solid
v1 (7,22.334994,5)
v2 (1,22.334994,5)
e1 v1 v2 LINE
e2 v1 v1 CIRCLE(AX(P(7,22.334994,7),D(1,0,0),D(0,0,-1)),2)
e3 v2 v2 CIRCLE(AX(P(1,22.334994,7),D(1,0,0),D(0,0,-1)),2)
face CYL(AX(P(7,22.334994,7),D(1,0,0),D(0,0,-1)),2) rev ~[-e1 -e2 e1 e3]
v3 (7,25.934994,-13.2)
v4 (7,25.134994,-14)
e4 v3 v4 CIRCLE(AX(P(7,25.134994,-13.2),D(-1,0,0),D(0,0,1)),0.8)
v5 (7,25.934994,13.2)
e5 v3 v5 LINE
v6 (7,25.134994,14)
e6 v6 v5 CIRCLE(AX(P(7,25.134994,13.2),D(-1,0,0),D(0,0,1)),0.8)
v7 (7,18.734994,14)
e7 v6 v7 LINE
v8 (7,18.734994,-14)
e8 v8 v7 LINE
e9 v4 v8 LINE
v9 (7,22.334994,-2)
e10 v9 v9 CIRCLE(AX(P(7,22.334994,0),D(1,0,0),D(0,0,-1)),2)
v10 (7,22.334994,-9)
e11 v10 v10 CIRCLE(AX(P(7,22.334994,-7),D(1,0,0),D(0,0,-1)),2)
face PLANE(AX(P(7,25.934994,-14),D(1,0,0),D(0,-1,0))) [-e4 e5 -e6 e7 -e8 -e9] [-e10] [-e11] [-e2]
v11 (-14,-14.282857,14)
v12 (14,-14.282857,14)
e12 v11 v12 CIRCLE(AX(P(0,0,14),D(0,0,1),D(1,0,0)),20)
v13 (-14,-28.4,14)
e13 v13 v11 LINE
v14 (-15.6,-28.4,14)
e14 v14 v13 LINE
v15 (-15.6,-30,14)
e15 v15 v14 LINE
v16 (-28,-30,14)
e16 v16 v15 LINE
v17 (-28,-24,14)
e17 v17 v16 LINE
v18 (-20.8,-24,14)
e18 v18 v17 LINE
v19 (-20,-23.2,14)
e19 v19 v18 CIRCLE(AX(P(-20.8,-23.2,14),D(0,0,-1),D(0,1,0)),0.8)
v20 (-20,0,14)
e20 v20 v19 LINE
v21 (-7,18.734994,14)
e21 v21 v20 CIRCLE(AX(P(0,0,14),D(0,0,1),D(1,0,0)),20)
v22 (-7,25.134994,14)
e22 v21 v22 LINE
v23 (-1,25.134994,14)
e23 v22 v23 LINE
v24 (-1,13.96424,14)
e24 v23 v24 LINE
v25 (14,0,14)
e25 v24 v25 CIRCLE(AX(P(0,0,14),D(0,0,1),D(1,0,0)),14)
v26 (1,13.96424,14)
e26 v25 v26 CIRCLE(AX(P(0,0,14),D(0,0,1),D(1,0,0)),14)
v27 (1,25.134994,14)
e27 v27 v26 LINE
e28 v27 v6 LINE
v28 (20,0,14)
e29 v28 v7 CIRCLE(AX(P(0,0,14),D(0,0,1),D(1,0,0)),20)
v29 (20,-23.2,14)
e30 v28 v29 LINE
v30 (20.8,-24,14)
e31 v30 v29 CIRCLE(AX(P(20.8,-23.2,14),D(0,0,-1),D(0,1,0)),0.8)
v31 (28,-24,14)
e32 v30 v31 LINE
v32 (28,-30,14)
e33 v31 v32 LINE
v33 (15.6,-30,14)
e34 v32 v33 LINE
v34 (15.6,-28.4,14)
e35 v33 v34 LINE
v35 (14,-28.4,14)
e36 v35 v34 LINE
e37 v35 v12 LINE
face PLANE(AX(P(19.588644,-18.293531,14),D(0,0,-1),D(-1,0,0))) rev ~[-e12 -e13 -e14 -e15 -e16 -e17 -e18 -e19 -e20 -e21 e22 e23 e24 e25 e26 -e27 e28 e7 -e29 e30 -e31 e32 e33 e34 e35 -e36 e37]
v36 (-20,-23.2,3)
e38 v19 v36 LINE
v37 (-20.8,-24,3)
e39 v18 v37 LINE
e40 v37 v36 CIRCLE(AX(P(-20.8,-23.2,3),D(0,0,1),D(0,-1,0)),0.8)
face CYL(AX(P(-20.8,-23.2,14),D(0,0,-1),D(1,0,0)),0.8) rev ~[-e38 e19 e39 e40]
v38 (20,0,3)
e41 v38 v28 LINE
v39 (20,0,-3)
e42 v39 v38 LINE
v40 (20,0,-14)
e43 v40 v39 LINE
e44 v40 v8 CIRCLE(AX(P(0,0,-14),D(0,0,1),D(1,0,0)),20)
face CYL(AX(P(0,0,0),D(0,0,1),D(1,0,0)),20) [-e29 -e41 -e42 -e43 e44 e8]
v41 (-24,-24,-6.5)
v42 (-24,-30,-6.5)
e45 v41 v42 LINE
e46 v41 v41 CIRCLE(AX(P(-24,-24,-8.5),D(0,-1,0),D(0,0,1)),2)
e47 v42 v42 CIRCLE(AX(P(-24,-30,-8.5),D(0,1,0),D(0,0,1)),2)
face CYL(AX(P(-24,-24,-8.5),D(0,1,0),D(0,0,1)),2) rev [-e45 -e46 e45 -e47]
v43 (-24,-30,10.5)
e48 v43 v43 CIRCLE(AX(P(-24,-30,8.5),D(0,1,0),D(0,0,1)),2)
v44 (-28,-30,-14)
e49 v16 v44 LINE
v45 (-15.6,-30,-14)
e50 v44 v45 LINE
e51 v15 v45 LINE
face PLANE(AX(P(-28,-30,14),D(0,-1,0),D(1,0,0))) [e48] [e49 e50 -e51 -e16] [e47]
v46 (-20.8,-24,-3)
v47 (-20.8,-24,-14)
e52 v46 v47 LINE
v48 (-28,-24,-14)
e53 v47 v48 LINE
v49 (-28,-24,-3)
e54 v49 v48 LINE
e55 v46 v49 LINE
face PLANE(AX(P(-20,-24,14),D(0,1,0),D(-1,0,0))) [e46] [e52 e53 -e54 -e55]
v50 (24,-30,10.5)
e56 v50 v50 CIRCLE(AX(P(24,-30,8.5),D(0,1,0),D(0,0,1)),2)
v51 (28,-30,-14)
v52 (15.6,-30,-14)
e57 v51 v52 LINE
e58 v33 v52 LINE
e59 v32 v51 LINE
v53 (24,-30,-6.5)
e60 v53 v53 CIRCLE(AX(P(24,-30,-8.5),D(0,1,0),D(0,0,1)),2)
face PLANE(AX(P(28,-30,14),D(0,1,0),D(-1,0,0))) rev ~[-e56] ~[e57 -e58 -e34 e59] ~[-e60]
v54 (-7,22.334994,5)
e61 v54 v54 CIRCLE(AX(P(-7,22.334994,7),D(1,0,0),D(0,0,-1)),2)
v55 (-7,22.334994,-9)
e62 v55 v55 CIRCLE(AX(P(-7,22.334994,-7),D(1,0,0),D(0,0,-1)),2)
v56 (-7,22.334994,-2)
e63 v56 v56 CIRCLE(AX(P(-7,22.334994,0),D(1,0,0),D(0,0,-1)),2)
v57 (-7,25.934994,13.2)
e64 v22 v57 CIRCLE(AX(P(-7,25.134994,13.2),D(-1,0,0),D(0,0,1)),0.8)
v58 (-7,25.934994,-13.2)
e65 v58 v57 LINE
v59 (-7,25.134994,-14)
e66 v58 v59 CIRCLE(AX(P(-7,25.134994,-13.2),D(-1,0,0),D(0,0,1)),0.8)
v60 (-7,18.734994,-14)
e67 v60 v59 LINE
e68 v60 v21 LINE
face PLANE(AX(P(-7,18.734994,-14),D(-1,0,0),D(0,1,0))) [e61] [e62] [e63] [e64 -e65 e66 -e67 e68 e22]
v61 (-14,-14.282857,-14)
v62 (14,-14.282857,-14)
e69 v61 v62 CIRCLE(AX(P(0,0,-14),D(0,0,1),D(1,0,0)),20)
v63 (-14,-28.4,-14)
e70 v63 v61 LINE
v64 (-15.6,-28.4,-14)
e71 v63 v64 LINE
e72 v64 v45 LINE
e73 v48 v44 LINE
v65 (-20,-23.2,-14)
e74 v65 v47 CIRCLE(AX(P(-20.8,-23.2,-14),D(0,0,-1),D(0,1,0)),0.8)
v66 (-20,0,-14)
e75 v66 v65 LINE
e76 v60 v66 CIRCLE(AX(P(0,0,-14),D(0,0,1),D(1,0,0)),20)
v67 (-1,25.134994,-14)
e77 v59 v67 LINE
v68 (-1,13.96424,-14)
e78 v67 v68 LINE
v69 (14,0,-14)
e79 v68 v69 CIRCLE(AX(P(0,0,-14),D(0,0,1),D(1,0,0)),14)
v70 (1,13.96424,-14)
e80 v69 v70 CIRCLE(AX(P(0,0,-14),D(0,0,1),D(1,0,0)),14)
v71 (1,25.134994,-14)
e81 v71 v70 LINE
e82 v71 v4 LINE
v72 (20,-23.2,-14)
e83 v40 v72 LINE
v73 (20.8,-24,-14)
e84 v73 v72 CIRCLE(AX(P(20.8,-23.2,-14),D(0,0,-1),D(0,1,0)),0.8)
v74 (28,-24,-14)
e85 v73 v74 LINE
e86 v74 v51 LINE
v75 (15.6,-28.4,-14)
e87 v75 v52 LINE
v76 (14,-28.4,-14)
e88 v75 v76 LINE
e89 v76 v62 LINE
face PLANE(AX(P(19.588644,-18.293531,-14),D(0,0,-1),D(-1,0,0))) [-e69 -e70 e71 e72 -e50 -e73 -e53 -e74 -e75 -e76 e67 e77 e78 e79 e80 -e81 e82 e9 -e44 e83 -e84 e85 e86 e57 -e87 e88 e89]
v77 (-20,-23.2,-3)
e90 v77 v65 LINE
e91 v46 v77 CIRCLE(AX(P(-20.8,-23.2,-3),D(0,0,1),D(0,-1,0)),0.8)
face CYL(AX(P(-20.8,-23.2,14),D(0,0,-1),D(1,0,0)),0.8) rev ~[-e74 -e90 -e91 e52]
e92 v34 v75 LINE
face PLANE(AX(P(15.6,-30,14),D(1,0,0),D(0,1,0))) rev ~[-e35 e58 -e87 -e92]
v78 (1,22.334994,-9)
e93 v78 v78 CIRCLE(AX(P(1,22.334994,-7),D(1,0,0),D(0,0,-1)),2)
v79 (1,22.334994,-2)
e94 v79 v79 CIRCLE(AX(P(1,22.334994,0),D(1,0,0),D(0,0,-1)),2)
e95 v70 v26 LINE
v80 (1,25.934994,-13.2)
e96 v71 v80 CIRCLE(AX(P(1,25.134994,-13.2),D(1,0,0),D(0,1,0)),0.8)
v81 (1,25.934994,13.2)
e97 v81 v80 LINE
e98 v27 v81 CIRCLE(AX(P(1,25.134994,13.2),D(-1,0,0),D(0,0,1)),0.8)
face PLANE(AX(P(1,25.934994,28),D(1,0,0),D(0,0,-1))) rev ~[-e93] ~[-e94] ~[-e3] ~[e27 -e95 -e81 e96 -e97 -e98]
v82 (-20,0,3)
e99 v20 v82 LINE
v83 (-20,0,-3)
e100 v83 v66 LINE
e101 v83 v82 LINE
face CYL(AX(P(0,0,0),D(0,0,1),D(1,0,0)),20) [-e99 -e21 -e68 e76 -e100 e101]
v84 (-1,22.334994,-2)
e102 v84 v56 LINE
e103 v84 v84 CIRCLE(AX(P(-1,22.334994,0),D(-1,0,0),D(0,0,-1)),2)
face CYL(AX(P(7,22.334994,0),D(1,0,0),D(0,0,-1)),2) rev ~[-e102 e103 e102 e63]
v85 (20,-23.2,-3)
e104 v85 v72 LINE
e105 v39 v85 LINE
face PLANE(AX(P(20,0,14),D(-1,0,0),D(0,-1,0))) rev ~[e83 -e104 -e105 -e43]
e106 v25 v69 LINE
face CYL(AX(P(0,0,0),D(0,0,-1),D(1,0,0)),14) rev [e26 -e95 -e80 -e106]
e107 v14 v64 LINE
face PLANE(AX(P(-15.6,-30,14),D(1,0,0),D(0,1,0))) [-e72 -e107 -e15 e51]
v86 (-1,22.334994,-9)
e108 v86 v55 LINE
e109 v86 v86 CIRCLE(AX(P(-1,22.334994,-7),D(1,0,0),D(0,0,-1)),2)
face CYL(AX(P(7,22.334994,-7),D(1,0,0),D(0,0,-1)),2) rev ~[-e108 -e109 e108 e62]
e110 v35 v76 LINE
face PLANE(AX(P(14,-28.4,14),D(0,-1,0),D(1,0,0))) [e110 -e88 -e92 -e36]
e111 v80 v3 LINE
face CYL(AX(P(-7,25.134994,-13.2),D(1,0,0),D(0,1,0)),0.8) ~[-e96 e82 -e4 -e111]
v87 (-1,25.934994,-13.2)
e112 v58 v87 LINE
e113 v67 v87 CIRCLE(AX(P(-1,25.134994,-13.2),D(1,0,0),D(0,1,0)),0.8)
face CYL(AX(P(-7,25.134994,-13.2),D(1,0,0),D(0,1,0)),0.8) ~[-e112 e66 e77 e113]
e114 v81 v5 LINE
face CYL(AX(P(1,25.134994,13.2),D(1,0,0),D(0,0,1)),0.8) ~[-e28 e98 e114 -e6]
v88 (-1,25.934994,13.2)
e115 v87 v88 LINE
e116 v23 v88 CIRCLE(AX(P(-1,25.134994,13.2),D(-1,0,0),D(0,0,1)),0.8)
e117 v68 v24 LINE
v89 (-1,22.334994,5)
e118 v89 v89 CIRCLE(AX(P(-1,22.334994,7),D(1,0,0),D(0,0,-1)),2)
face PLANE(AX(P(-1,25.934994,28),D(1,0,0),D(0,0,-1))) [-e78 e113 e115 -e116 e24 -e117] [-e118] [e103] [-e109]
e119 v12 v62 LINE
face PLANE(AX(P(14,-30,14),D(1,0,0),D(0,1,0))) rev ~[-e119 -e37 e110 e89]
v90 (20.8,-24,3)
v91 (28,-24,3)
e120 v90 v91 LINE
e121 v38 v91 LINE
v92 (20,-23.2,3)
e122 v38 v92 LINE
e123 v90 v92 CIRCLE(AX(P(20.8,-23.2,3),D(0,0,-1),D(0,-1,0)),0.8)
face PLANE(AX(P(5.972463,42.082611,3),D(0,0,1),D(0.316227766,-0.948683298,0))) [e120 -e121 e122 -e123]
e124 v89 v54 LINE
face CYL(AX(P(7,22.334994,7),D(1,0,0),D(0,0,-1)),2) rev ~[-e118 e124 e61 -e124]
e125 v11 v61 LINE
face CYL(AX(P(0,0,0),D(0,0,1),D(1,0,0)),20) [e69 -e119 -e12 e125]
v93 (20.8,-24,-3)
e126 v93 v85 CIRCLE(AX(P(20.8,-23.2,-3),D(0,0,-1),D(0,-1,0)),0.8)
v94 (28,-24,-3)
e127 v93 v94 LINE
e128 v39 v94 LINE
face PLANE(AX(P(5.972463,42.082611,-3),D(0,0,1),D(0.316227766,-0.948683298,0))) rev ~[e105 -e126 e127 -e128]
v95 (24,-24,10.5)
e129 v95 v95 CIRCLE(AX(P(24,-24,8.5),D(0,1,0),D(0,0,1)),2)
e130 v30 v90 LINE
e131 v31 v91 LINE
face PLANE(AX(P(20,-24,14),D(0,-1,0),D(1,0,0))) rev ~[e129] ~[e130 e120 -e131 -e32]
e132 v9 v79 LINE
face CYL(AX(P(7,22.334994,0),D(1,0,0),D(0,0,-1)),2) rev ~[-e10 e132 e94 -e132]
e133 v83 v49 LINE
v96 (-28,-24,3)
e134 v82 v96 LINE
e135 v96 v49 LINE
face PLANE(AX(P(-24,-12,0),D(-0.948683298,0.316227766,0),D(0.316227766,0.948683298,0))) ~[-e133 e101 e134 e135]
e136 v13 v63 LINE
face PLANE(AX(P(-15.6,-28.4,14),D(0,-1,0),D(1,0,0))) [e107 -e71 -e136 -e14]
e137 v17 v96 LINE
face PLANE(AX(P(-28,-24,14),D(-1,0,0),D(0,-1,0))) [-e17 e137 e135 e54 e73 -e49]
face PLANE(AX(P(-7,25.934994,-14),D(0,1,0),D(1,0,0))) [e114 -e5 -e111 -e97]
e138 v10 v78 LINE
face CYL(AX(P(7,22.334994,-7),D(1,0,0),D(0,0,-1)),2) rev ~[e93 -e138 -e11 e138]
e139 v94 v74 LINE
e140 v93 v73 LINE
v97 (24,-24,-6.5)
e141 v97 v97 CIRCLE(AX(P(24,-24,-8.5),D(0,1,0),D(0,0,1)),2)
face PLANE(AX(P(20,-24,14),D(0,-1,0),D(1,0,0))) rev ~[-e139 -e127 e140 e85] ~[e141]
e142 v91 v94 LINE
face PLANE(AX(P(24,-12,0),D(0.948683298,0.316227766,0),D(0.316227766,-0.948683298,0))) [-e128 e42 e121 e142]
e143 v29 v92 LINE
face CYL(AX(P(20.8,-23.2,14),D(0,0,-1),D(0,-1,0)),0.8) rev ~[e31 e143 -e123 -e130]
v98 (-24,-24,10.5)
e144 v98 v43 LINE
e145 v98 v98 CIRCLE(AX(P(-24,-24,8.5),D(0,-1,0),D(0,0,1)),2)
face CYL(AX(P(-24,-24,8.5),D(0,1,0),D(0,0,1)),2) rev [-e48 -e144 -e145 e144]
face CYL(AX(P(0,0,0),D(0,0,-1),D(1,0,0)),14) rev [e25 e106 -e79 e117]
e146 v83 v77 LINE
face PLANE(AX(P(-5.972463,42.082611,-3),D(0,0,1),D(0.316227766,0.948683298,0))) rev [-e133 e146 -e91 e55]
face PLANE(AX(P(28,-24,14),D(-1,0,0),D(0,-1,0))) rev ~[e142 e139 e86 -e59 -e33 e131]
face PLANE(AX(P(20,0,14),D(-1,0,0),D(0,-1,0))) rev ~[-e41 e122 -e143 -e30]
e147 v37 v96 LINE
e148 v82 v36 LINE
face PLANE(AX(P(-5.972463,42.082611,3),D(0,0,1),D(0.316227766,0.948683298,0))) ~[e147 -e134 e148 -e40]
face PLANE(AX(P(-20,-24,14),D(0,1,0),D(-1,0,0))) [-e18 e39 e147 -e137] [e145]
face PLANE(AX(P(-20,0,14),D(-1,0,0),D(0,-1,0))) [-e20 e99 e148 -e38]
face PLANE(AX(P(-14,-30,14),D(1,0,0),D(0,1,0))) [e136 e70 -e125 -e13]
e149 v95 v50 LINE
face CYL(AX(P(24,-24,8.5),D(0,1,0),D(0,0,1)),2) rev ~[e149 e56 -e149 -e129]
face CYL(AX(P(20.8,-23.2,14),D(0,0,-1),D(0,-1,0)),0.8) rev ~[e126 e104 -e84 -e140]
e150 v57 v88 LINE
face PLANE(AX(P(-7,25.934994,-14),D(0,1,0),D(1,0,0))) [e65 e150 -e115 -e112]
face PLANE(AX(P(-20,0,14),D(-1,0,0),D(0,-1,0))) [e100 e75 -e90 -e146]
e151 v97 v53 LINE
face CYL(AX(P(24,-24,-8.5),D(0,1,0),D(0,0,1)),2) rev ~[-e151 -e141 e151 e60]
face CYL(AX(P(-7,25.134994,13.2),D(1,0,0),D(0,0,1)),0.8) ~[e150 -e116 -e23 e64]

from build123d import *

# Parameters (mm, degrees)
SKETCH1_R                = 20
SKETCH1_R_2              = 14
BOSS_EXTRUDE1_DEPTH      = 14
BOSS_EXTRUDE2_DEPTH      = 28
SKETCH3_W                = 1.6
SKETCH3_H                = 1.6
CUT_EXTRUDE1_DEPTH       = 50.678969393
FILLET1_R                = 0.8
BOSS_EXTRUDE3_DEPTH      = 14
BOSS_EXTRUDE3_DEPTH_BACK = 14
SKETCH5_W                = 2
SKETCH5_H                = 28
CUT_EXTRUDE2_DEPTH       = 25
SKETCH6_R                = 2
CUT_EXTRUDE3_DEPTH       = 49.176757882
FILLET2_R                = 0.8
RIB1_REACH               = 45.359
SKETCH7_WALL_W           = 114.016154836
SKETCH7_WALL_H           = 6
SKETCH8_R                = 2
CUT_EXTRUDE4_DEPTH       = 59.936437162
SKETCH9_W                = 2
SKETCH9_H                = 14
CUT_EXTRUDE5_DEPTH       = 31


with BuildPart() as part:
    # Sketch1 → Boss-Extrude1 (new, symmetric)
    with BuildSketch(Plane.XY):
        Circle(SKETCH1_R)
        Circle(SKETCH1_R_2, mode=Mode.SUBTRACT)
    extrude(amount=BOSS_EXTRUDE1_DEPTH, both=True)

    # Sketch2 → Boss-Extrude2 (add)
    with BuildSketch(Plane.XY.offset(14)):
        with BuildLine():
            Line((-20, 0), (-20, -24))
            Line((-20, -24), (-28, -24))
            Line((-28, -24), (-28, -30))
            Line((-28, -30), (-14, -30))
            Line((-14, -30), (-14, -14.282856857))
            ThreePointArc((-14, -14.282856857), (-18.439088915, -7.745966692), (-20, 0))
        make_face()
        with BuildLine():
            Line((14, -30), (14, -14.282856857))
            ThreePointArc((14, -14.282856857), (18.439088915, -7.745966692), (20, 0))
            Line((20, 0), (20, -24))
            Line((20, -24), (28, -24))
            Line((28, -24), (28, -30))
            Line((28, -30), (14, -30))
        make_face()
    extrude(amount=-BOSS_EXTRUDE2_DEPTH)

    # Sketch3 → Cut-Extrude1 (cut, through all)
    with BuildSketch(Plane.XY.offset(14)):
        with Locations((-14.8, -29.2)):
            Rectangle(SKETCH3_W, SKETCH3_H)
        with Locations((14.8, -29.2)):
            Rectangle(SKETCH3_W, SKETCH3_H)
    extrude(amount=-CUT_EXTRUDE1_DEPTH, mode=Mode.SUBTRACT)

    # Fillet1
    fillet1_edges = [part.edges().sort_by_distance(p)[0] for p in [
        (-20, -24, 0),
        (20, -24, 0),
    ]]
    fillet(fillet1_edges, radius=FILLET1_R)

    # Sketch4 → Boss-Extrude3 (add, two sides: drawn at the far end of the back side and taken through both)
    with BuildSketch(Plane.XY.offset(-BOSS_EXTRUDE3_DEPTH_BACK)):
        with BuildLine():
            Line((-7, 18.734993995), (-7, 25.934993995))
            Line((-7, 25.934993995), (7, 25.934993995))
            Line((7, 25.934993995), (7, 18.734993995))
            ThreePointArc((7, 18.734993995), (0, 20), (-7, 18.734993995))
        make_face()
    extrude(amount=BOSS_EXTRUDE3_DEPTH + BOSS_EXTRUDE3_DEPTH_BACK)

    # Sketch5 → Cut-Extrude2 (cut)
    with BuildSketch(Plane(origin=(0, 25.934993995, 0), x_dir=(1, 0, 0), z_dir=(0, 1, 0))):
        with Locations((0, -14)):
            Rectangle(SKETCH5_W, SKETCH5_H)
    extrude(amount=-CUT_EXTRUDE2_DEPTH, mode=Mode.SUBTRACT)

    # Sketch6 → Cut-Extrude3 (cut, through all)
    with BuildSketch(Plane(origin=(7, 0, 0), x_dir=(0, 0, -1), z_dir=(1, 0, 0))):
        with Locations((0, 22.334993995)):
            Circle(SKETCH6_R)
        with Locations((-7, 22.334993995)):
            Circle(SKETCH6_R)
        with Locations((7, 22.334993995)):
            Circle(SKETCH6_R)
    extrude(amount=-CUT_EXTRUDE3_DEPTH, mode=Mode.SUBTRACT)

    # Fillet2
    fillet2_edges = [part.edges().sort_by_distance(p)[0] for p in [
        (-4, 25.934993995, 14),
        (0, 25.934993995, -14),
        (4, 25.934993995, 14),
    ]]
    fillet(fillet2_edges, radius=FILLET2_R)

    # Sketch7 wall → Rib1 (add, up to next)
    with BuildSketch(Plane(origin=(24, -12, 0), x_dir=(0.316227766017, -0.948683298051, 0), z_dir=(0.948683298051, 0.316227766017, 0)), mode=Mode.PRIVATE) as rib1_sk1:
        Rectangle(SKETCH7_WALL_W, SKETCH7_WALL_H)
    rib1_tool1 = extrude(rib1_sk1.sketch, amount=-RIB1_REACH, mode=Mode.PRIVATE) - part.part
    rib1 = rib1_tool1.solids().sort_by_distance((24, -12, 0))[0]
    add(rib1)

    # Sketch8 → Cut-Extrude4 (cut, through all)
    with BuildSketch(Plane(origin=(0, -24, 0), x_dir=(1, 0, 0), z_dir=(0, 1, 0))):
        with Locations(Location((24, 8.5, 0), (0, 0, 270))):
            Circle(SKETCH8_R)
        with Locations(Location((24, -8.5, 0), (0, 0, 270))):
            Circle(SKETCH8_R)
    cut_extrude4 = extrude(amount=-CUT_EXTRUDE4_DEPTH, mode=Mode.SUBTRACT)

    # Mirror1: Rib1, Cut-Extrude4 across plane
    add(rib1.mirror(Plane(origin=(0, 0, 0), x_dir=(0, 0, 1), z_dir=(1, 0, 0))))
    add(cut_extrude4.mirror(Plane(origin=(0, 0, 0), x_dir=(0, 0, 1), z_dir=(1, 0, 0))), mode=Mode.SUBTRACT)

    # Sketch9 → Cut-Extrude5 (cut)
    with BuildSketch(Plane(origin=(0, 25.934993995, 0), x_dir=(1, 0, 0), z_dir=(0, 1, 0))):
        with Locations((0, 7)):
            Rectangle(SKETCH9_W, SKETCH9_H)
    extrude(amount=-CUT_EXTRUDE5_DEPTH, mode=Mode.SUBTRACT)


solid = part.part
